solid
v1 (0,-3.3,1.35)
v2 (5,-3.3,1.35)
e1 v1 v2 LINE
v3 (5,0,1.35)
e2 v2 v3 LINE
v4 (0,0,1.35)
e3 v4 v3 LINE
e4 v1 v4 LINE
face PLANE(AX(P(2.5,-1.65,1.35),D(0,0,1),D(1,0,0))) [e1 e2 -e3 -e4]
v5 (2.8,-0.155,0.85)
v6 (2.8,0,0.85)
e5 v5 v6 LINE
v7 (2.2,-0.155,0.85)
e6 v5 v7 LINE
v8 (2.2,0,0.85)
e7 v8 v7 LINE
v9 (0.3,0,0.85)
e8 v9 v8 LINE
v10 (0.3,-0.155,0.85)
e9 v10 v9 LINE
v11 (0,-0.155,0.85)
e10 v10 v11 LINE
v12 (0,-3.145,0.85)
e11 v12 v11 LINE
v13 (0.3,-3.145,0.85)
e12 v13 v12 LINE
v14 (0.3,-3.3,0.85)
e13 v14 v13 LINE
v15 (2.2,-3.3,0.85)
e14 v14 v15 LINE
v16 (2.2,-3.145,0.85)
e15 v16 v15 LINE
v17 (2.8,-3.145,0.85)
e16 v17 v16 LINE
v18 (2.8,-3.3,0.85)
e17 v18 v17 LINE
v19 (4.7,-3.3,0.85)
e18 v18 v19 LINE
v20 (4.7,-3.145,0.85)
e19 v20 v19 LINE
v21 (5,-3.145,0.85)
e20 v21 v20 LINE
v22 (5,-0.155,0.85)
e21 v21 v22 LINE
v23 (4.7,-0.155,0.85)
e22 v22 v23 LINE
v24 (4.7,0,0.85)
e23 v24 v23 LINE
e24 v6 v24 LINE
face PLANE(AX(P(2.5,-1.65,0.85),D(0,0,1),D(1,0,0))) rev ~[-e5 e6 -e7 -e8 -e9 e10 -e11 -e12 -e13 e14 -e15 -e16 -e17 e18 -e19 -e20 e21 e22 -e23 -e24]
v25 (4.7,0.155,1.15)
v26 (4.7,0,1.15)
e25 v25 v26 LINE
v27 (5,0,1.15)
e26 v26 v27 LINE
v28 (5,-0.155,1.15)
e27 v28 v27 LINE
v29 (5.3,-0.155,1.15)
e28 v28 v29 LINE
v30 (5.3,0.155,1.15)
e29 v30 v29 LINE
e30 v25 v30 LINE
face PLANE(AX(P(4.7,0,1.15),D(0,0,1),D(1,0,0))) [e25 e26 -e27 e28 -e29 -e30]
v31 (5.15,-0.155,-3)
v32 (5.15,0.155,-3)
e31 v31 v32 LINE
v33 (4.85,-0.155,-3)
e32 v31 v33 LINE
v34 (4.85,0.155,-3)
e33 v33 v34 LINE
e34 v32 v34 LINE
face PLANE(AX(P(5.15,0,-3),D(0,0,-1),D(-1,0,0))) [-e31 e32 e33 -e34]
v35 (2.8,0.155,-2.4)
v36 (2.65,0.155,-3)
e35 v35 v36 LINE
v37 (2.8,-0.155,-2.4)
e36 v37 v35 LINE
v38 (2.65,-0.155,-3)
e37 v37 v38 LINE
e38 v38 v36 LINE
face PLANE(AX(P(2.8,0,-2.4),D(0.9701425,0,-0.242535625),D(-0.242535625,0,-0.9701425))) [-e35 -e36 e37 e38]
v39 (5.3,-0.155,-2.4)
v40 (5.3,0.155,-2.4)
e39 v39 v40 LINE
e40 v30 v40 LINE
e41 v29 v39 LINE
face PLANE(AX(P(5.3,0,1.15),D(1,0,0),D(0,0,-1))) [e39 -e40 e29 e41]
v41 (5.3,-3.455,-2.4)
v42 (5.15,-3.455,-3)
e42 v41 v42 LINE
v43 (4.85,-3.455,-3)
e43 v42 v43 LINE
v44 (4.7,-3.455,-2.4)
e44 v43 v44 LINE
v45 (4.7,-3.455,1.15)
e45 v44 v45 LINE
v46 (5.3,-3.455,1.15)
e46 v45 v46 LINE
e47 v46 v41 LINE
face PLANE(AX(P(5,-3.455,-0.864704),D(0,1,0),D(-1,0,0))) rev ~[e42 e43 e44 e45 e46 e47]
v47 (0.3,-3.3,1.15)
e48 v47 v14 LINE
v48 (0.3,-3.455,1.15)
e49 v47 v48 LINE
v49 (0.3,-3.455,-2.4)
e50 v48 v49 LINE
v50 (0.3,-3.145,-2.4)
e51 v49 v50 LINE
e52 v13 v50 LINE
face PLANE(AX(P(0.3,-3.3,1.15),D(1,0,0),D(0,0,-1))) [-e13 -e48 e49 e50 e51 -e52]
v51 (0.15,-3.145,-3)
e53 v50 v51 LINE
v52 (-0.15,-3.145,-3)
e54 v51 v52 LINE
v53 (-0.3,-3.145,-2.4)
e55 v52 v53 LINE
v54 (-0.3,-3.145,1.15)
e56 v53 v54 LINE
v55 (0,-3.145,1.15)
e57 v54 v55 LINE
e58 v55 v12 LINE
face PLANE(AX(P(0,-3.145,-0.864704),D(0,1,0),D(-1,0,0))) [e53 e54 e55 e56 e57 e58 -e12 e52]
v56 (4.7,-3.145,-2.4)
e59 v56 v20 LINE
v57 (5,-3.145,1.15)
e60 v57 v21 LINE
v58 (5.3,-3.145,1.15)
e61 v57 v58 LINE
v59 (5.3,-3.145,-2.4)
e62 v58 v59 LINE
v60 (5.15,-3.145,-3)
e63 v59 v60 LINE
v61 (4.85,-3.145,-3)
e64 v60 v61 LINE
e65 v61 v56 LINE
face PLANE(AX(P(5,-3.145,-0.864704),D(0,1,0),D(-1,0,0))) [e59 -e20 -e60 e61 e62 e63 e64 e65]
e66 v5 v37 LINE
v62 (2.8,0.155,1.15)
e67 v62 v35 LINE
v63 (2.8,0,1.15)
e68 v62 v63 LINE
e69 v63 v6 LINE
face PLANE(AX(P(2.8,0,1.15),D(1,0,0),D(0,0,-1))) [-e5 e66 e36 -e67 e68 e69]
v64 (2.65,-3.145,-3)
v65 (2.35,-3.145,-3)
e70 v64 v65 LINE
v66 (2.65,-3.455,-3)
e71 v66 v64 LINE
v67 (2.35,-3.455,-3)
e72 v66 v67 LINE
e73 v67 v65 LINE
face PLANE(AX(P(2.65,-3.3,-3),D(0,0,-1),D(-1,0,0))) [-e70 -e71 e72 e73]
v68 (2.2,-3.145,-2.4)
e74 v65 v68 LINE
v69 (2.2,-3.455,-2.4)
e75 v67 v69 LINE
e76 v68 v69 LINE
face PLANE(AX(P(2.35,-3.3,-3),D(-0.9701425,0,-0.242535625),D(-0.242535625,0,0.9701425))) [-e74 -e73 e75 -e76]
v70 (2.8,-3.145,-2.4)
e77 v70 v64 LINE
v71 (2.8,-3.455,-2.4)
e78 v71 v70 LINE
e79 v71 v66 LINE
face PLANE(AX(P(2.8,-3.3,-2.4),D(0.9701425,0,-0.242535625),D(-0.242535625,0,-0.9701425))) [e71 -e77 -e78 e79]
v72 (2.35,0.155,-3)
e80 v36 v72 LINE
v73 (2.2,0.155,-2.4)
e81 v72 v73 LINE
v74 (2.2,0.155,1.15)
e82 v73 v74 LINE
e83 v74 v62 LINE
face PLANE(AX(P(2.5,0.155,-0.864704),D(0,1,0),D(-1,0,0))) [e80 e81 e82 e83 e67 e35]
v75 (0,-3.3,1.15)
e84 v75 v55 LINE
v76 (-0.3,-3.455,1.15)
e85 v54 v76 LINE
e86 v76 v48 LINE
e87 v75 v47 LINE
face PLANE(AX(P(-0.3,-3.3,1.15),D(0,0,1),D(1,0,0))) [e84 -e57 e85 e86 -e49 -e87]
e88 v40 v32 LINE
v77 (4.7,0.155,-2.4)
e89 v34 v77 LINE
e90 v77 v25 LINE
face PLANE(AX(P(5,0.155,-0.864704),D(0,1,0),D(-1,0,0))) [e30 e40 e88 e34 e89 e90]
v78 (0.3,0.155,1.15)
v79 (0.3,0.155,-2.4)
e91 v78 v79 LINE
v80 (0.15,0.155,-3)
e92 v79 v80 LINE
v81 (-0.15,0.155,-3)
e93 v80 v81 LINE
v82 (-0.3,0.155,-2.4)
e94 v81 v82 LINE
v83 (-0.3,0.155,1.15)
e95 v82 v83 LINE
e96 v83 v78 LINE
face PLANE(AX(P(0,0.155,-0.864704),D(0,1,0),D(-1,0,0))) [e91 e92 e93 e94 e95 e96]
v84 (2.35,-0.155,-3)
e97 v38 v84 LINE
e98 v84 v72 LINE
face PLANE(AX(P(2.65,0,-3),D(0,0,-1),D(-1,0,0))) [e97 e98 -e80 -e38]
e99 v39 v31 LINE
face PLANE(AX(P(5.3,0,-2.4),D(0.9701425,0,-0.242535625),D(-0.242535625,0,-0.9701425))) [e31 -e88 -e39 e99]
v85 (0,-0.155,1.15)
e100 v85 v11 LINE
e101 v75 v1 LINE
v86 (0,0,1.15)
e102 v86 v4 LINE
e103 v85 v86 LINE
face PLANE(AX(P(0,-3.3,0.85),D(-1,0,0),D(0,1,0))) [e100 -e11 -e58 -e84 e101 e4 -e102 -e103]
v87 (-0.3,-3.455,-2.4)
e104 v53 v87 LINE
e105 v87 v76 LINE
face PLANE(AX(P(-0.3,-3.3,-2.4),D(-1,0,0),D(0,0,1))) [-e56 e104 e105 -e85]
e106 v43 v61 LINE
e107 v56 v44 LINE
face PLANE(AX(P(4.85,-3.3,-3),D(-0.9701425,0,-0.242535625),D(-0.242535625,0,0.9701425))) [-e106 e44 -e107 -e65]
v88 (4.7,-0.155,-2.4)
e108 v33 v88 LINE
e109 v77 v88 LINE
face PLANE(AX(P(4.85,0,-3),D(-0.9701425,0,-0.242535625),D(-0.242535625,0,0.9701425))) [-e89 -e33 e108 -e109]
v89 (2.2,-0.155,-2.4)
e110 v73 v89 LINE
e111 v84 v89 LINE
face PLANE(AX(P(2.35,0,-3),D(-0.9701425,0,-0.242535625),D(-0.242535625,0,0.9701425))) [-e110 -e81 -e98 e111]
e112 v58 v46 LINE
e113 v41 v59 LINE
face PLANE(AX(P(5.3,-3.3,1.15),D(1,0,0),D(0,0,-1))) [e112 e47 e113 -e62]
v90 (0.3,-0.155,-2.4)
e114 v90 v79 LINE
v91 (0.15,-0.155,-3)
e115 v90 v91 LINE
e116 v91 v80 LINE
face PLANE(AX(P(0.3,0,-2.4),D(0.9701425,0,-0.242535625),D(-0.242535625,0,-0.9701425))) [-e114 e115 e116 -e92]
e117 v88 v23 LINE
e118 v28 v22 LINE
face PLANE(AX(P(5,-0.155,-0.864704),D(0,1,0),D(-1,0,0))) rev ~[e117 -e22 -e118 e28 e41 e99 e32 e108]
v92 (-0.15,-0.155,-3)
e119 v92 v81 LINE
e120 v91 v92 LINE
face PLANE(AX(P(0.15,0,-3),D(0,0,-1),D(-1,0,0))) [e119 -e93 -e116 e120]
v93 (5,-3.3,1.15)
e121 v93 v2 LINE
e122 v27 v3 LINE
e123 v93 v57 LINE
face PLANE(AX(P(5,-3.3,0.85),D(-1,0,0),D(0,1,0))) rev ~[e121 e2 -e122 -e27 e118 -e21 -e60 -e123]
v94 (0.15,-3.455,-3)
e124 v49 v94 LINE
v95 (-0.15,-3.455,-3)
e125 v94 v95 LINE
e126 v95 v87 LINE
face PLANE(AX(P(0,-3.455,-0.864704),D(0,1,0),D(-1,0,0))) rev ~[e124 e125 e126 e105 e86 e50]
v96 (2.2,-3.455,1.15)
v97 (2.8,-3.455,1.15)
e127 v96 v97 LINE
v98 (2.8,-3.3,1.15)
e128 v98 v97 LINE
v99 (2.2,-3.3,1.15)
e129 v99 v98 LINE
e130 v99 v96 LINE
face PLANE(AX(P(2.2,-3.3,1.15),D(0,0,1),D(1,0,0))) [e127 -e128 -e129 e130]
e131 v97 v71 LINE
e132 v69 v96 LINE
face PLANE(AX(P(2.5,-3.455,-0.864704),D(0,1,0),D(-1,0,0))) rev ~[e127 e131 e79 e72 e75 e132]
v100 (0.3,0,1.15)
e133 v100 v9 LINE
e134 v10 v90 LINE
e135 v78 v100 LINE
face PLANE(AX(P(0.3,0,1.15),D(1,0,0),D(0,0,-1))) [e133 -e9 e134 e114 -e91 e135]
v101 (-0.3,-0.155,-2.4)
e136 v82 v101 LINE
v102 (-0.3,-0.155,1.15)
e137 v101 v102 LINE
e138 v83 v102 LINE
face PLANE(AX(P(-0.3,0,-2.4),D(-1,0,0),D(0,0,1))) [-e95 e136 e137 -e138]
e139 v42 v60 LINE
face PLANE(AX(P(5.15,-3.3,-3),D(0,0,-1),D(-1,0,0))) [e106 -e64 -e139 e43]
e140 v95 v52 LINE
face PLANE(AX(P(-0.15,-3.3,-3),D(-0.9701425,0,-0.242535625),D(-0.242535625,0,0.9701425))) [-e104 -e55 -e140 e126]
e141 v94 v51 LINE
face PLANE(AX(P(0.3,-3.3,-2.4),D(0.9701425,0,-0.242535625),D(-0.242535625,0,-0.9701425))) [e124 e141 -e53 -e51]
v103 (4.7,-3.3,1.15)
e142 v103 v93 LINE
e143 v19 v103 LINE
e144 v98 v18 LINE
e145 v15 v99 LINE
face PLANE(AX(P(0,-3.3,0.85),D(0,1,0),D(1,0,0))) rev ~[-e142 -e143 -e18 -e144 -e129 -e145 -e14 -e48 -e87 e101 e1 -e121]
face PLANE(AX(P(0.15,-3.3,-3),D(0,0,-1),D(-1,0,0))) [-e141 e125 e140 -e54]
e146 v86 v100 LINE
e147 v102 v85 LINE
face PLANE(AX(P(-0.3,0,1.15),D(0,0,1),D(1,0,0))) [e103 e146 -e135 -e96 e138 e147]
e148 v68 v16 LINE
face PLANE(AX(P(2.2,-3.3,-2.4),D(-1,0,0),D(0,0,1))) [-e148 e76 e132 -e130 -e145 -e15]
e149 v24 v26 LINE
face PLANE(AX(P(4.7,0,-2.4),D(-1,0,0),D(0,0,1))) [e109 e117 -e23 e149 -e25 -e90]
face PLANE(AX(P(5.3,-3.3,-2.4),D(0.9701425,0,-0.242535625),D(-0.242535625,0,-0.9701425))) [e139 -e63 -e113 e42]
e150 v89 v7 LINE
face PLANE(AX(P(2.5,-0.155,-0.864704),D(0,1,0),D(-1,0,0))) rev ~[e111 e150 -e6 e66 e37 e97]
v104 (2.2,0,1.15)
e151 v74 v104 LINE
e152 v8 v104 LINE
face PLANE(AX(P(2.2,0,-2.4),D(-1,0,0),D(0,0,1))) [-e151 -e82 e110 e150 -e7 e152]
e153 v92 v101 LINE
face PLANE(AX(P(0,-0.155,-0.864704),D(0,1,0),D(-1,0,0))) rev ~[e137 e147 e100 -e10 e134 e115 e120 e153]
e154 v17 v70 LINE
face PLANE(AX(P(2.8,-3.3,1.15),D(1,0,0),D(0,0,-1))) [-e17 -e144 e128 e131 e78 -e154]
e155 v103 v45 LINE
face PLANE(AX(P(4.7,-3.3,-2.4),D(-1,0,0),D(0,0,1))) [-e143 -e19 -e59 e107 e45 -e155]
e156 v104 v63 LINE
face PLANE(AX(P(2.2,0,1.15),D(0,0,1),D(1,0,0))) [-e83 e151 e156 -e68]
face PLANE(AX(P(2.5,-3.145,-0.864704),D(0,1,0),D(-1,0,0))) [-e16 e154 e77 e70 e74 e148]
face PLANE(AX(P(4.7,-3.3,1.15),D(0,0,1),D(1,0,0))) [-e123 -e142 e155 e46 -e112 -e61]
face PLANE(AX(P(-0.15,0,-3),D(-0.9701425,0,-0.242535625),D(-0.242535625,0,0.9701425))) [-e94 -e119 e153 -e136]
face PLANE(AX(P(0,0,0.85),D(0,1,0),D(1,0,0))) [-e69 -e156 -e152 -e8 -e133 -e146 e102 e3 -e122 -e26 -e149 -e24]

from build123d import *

# Parameters (mm, degrees)
SKETCH017_W                  = 5
SKETCH017_H                  = 3.3
PAD009_DEPTH                 = 0.5
PAD010_DEPTH                 = 0.155
PAD010_LINEARPATTERN_2_DEPTH = 0.155
PAD010_LINEARPATTERN_3_DEPTH = 0.155
LINEARPATTERN001_COUNT       = 2
LINEARPATTERN001_PITCH       = 3.3


with BuildPart() as part:
    # Sketch017 (on DatumPlane) → Pad009 (new body)
    with BuildSketch(Plane.XY.offset(0.85)):
        with Locations((2.5, -1.65)):
            Rectangle(SKETCH017_W, SKETCH017_H)
    extrude(amount=PAD009_DEPTH)

    # Sketch018 (on Face1 of Pad009) → Pad010 (join, symmetric)
    with BuildSketch(Plane(origin=(0, 0, 0.85), x_dir=(-1, 0, 0), z_dir=(0, 1, 0))):
        Polygon((-0.3, 0.3), (-0.3, -3.25), (-0.15, -3.85), (0.15, -3.85), (0.3, -3.25), (0.3, 0.3), align=None)
    pad010 = extrude(amount=PAD010_DEPTH, both=True)

    # Sketch018 LinearPattern 2 → Pad010 LinearPattern 2 (add, symmetric)
    with BuildSketch(Plane(origin=(2.5, 0, 0.85), x_dir=(-1, 0, 0), z_dir=(0, 1, 0))):
        Polygon((-0.3, 0.3), (-0.3, -3.25), (-0.15, -3.85), (0.15, -3.85), (0.3, -3.25), (0.3, 0.3), align=None)
    pad010_linearpattern_2 = extrude(amount=PAD010_LINEARPATTERN_2_DEPTH, both=True)

    # Sketch018 LinearPattern 3 → Pad010 LinearPattern 3 (add, symmetric)
    with BuildSketch(Plane(origin=(5, 0, 0.85), x_dir=(-1, 0, 0), z_dir=(0, 1, 0))):
        Polygon((-0.3, 0.3), (-0.3, -3.25), (-0.15, -3.85), (0.15, -3.85), (0.3, -3.25), (0.3, 0.3), align=None)
    pad010_linearpattern_3 = extrude(amount=PAD010_LINEARPATTERN_3_DEPTH, both=True)

    # LinearPattern001: Pad010, Pad010 LinearPattern 2, Pad010 LinearPattern 3 ×2
    with Locations(*[(0, -i * LINEARPATTERN001_PITCH, 0) for i in range(1, LINEARPATTERN001_COUNT)]):
        add(pad010)
        add(pad010_linearpattern_2)
        add(pad010_linearpattern_3)


solid = part.part
